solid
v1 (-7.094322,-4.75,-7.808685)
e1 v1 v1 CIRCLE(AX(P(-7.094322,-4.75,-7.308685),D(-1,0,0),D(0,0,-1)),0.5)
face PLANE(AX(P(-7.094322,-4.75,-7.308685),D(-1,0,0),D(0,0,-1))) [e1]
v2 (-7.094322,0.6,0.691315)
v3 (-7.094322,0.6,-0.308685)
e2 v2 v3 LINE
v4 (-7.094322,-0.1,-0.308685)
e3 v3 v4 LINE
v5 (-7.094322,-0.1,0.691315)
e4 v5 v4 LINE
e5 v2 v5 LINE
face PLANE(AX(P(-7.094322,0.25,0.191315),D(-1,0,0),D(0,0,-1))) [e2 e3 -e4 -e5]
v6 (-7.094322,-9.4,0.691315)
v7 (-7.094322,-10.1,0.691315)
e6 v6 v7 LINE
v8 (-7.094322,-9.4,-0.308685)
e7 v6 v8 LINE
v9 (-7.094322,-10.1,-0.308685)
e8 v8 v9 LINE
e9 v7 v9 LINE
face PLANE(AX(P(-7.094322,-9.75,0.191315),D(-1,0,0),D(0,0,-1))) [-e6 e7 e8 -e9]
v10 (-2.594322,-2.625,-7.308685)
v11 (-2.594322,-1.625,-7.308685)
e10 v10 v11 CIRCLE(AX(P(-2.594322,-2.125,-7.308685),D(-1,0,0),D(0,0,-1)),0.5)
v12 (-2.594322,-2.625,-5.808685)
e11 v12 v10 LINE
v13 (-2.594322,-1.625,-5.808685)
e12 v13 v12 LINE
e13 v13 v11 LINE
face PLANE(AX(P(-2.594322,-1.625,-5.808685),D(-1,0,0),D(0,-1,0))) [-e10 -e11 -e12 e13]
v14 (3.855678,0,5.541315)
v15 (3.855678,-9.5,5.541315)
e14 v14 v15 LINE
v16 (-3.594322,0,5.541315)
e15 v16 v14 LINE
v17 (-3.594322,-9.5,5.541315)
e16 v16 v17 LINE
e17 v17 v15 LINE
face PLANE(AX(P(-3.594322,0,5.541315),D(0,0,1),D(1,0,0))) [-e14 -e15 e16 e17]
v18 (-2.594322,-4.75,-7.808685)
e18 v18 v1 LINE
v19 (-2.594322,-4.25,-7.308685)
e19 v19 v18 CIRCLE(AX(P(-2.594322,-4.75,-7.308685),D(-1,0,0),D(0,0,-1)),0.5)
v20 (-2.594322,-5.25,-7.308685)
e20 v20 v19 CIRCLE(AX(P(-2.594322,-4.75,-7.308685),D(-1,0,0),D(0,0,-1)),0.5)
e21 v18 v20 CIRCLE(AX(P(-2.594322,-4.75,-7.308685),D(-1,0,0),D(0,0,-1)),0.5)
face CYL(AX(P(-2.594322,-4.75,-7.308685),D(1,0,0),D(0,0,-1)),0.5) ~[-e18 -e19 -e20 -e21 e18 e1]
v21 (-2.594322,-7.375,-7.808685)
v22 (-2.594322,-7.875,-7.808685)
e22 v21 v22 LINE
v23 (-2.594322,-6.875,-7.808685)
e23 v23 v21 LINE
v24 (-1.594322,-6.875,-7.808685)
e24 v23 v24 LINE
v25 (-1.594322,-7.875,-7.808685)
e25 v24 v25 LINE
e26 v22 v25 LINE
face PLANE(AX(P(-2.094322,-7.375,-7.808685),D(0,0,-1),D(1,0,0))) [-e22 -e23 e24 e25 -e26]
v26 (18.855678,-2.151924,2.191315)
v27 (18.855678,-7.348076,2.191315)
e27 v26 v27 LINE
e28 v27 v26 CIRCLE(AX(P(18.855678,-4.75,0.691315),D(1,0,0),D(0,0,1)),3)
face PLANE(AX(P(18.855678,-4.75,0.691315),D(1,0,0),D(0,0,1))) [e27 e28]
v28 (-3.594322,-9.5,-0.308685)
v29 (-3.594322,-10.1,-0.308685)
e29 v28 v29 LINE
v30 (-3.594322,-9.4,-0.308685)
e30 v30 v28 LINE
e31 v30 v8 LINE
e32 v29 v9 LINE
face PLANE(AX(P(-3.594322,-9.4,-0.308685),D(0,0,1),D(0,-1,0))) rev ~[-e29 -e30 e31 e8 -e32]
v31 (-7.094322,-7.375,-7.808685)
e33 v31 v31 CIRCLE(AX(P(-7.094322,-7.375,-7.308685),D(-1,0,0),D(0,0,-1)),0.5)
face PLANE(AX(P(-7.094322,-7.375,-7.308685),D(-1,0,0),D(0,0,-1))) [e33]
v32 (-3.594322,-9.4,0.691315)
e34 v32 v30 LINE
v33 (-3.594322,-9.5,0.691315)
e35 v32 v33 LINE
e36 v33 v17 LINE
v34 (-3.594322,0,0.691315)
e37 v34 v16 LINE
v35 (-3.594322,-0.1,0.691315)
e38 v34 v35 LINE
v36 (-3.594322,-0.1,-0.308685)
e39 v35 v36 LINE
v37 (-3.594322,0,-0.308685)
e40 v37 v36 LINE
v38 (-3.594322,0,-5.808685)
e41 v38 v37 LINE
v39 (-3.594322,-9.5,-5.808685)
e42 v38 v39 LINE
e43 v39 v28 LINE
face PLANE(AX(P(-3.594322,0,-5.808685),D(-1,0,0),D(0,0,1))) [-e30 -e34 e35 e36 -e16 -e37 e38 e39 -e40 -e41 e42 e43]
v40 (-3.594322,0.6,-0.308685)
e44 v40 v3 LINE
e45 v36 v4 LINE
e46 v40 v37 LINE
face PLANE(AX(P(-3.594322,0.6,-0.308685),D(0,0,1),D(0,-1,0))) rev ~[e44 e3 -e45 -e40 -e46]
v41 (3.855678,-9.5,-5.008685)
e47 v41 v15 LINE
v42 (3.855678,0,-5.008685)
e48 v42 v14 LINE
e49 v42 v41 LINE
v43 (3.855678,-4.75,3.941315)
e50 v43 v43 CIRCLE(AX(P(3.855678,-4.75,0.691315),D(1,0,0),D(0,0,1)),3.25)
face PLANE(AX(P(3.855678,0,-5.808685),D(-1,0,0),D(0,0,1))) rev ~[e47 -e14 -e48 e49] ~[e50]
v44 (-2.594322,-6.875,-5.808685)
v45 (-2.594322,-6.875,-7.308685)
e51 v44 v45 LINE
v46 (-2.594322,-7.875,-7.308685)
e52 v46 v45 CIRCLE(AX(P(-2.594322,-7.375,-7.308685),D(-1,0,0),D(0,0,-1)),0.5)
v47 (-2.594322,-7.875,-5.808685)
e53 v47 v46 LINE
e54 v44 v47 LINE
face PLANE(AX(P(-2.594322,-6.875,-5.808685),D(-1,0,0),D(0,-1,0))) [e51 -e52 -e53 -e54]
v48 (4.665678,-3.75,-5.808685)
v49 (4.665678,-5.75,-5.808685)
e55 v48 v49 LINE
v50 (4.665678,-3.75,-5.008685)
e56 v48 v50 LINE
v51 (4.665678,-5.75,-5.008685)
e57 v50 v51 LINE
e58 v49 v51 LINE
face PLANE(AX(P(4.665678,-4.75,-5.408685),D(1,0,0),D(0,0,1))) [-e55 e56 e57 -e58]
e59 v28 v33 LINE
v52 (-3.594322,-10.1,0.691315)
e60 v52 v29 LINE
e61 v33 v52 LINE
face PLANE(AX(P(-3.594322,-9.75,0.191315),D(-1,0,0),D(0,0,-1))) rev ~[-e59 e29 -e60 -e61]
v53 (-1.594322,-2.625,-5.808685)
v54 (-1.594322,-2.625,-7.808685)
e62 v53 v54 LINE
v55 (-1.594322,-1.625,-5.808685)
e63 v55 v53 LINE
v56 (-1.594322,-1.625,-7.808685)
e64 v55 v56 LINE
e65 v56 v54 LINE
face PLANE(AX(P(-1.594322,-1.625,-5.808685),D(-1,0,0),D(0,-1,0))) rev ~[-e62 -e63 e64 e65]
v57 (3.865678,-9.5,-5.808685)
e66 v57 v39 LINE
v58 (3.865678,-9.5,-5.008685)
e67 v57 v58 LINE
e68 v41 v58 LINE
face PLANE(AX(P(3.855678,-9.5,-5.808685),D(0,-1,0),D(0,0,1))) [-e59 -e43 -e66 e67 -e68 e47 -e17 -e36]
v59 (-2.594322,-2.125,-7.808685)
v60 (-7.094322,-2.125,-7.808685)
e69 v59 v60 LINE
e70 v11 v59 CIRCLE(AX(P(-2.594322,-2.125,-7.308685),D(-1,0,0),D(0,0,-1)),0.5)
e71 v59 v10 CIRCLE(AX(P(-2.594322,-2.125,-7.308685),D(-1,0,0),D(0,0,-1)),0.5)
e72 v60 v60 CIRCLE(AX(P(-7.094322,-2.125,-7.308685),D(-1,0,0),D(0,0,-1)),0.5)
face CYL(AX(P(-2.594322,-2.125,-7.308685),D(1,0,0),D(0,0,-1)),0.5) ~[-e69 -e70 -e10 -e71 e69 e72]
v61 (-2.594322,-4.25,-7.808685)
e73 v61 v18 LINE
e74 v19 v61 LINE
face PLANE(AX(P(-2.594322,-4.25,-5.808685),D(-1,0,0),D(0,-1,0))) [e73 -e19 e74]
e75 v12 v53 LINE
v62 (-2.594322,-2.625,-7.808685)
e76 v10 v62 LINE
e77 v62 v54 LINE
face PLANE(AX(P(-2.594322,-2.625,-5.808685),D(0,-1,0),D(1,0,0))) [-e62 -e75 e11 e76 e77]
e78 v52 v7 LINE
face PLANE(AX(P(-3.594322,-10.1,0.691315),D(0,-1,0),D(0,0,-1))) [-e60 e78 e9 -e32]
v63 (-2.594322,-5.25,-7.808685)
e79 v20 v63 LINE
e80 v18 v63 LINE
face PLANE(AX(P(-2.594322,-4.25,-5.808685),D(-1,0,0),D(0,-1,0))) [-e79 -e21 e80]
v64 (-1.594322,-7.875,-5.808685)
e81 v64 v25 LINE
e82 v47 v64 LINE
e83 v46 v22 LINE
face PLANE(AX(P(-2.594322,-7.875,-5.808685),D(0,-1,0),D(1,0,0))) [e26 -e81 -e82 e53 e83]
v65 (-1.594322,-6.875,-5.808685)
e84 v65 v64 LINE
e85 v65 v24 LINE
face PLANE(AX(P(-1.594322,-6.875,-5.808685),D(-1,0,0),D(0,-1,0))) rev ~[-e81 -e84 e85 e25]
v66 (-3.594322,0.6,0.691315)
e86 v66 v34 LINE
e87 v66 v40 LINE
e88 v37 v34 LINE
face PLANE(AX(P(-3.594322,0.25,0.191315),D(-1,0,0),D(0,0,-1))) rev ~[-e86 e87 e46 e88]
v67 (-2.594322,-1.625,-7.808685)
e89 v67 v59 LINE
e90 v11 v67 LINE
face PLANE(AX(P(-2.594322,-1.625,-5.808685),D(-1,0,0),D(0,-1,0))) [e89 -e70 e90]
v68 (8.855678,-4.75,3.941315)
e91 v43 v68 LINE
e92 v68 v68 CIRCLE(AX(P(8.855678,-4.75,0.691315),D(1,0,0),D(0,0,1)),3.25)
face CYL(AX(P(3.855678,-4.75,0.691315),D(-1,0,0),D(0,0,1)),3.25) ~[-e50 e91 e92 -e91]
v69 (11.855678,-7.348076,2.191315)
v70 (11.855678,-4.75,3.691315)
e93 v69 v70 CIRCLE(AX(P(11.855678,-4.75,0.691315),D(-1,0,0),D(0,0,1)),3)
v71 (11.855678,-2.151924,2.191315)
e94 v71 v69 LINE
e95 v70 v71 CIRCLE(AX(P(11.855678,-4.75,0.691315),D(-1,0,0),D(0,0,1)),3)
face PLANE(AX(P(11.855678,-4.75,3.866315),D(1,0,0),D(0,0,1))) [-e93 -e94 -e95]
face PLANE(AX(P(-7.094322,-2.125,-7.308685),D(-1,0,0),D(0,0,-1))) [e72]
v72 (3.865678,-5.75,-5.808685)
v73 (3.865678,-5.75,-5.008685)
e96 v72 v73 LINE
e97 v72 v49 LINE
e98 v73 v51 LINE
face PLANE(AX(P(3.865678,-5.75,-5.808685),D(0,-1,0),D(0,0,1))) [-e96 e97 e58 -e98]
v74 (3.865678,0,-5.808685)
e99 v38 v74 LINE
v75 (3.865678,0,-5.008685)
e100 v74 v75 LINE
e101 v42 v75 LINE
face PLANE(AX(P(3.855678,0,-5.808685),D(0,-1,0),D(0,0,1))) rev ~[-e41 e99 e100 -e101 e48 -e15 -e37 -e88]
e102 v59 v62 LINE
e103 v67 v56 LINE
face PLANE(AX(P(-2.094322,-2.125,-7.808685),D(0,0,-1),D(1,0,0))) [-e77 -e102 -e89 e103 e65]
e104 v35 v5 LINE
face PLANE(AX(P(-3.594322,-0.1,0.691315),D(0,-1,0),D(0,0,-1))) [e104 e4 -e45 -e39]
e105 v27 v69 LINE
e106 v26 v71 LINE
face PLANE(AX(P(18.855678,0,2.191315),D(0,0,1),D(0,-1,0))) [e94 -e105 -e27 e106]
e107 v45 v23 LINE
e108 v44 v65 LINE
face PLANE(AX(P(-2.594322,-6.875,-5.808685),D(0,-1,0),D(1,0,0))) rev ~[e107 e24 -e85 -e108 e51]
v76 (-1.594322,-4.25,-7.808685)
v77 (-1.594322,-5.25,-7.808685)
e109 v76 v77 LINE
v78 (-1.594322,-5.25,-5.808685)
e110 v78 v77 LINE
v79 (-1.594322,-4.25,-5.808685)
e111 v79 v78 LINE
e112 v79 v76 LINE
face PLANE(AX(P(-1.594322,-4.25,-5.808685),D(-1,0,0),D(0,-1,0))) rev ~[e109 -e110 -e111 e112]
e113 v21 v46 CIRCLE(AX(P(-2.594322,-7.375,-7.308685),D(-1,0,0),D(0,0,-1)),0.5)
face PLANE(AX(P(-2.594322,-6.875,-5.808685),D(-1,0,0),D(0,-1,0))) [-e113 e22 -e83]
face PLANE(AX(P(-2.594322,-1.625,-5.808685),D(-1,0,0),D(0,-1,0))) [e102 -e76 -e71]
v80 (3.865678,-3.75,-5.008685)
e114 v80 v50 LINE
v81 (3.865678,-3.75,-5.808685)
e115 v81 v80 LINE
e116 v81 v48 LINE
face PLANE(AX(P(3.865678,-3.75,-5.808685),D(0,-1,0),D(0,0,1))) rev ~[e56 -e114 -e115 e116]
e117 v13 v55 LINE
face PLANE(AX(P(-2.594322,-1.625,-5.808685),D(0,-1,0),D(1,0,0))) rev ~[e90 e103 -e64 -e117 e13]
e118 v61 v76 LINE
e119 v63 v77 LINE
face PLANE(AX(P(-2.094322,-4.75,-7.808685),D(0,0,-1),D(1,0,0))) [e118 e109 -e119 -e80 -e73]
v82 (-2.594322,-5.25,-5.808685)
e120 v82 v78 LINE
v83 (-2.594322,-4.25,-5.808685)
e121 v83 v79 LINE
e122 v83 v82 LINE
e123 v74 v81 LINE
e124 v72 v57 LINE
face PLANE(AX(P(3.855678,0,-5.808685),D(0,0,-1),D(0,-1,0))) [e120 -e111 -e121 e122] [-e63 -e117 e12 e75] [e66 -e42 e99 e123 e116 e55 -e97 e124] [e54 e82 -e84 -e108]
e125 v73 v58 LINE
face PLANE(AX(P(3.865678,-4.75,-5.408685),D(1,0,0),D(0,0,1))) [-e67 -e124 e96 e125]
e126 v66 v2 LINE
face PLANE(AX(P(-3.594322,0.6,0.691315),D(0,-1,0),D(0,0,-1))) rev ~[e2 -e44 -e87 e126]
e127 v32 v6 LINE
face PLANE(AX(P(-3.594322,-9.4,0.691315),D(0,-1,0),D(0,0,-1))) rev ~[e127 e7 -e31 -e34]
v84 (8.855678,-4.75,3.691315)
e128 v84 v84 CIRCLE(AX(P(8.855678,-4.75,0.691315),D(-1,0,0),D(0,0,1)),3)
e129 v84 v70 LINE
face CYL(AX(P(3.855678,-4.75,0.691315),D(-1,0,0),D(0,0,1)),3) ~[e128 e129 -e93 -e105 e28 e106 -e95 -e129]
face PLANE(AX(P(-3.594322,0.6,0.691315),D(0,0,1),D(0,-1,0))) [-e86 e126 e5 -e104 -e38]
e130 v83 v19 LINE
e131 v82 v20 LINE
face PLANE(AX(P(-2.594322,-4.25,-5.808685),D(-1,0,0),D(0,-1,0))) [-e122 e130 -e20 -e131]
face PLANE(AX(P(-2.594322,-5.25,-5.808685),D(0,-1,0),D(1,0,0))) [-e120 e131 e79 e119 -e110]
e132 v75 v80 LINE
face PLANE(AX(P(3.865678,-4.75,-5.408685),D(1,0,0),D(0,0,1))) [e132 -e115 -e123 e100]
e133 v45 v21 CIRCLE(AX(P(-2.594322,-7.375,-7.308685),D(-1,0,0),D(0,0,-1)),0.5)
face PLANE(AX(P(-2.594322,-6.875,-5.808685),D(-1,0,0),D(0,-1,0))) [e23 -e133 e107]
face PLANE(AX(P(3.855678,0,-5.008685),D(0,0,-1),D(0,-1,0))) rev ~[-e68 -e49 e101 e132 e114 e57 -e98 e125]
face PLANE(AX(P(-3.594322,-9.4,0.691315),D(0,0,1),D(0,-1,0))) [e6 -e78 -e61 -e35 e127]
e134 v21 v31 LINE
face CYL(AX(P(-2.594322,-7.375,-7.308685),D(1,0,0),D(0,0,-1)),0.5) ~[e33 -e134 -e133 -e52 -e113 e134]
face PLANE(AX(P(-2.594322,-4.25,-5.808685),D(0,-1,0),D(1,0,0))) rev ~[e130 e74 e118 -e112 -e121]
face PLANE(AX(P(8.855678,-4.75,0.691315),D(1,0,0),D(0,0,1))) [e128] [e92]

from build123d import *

# Parameters (mm, degrees)
SKETCH_W     = 7.45
SKETCH_H     = 11.35
PAD_DEPTH    = 9.5
SKETCH001_W  = 0.8
SKETCH001_H  = 9.5
PAD001_DEPTH = 0.01
SKETCH005_W  = 0.8
SKETCH005_H  = 2
PAD004_DEPTH = 0.8
SKETCH006_W  = 1
SKETCH006_H  = 0.7
PAD005_DEPTH = 3.5
SKETCH002_R  = 3
PAD002_DEPTH = 15
SKETCH003_W  = 3.35
SKETCH003_H  = 9.5
POCKET_DEPTH = 7
SKETCH004_R  = 3.25
PAD003_DEPTH = 5
SKETCH007_W  = 1
SKETCH007_H  = 1
PAD006_DEPTH = 2
SKETCH008_R  = 0.5
PAD007_DEPTH = 4.5


with BuildPart() as pad001:
    # Sketch → Pad (new body)
    with BuildSketch(Plane.XZ):
        with Locations((0.130678, -0.133685)):
            Rectangle(SKETCH_W, SKETCH_H)
    extrude(amount=PAD_DEPTH)

    # Sketch001 → Pad001 (new body)
    with BuildSketch(Plane(origin=(3.855678, 0, 0), x_dir=(0, 0, 1), z_dir=(1, 0, 0))):
        with Locations((-5.408685, 4.75)):
            Rectangle(SKETCH001_W, SKETCH001_H)
    extrude(amount=PAD001_DEPTH)


with BuildPart() as pad005:
    # Pad004 base: copy of Pad001
    add(pad001.part)

    # Sketch005 → Pad004 (new body)
    with BuildSketch(Plane(origin=(3.865678, 0, 0), x_dir=(0, 0, 1), z_dir=(1, 0, 0))):
        with Locations((-5.408685, 4.75)):
            Rectangle(SKETCH005_W, SKETCH005_H)
    extrude(amount=PAD004_DEPTH)

    # Sketch006 → Pad005 (new body)
    with BuildSketch(Plane(origin=(-3.594322, 0, 0), x_dir=(0, 0, -1), z_dir=(-1, 0, 0))):
        with Locations((-0.191315, 9.75)):
            Rectangle(SKETCH006_W, SKETCH006_H)
        with Locations((-0.191315, -0.25)):
            Rectangle(SKETCH006_W, SKETCH006_H)
    extrude(amount=PAD005_DEPTH)


with BuildPart() as fusion:
    # Pad002 base: copy of Pad001
    add(pad001.part)

    # Sketch002 → Pad002 (new body)
    with BuildSketch(Plane(origin=(3.855678, 0, 0), x_dir=(0, 0, 1), z_dir=(1, 0, 0))):
        with Locations((0.691315, 4.75)):
            Circle(SKETCH002_R)
    extrude(amount=PAD002_DEPTH)

    # Sketch003 → Pocket (cut)
    with BuildSketch(Plane(origin=(18.855678, 0, 0), x_dir=(0, 0, 1), z_dir=(1, 0, 0))):
        with Locations((3.866315, 4.75)):
            Rectangle(SKETCH003_W, SKETCH003_H)
    extrude(amount=-POCKET_DEPTH, mode=Mode.SUBTRACT)

    # Sketch004 → Pad003 (new body)
    with BuildSketch(Plane(origin=(3.855678, 0, 0), x_dir=(0, 0, 1), z_dir=(1, 0, 0))):
        with Locations((0.691315, 4.75)):
            Circle(SKETCH004_R)
    extrude(amount=PAD003_DEPTH)

    # Sketch007 → Pad006 (new body)
    with BuildSketch(Plane(origin=(0, 0, -5.808685), x_dir=(1, 0, 0), z_dir=(0, 0, -1))):
        with Locations((-2.094322, 7.375)):
            Rectangle(SKETCH007_W, SKETCH007_H)
        with Locations((-2.094322, 4.75)):
            Rectangle(SKETCH007_W, SKETCH007_H)
        with Locations((-2.094322, 2.125)):
            Rectangle(SKETCH007_W, SKETCH007_H)
    extrude(amount=PAD006_DEPTH)

    # Sketch008 → Pad007 (new body)
    with BuildSketch(Plane(origin=(-2.594322, 0, 0), x_dir=(0, 0, -1), z_dir=(-1, 0, 0))):
        with Locations((7.308685, 4.75)):
            Circle(SKETCH008_R)
        with Locations((7.308685, 7.375)):
            Circle(SKETCH008_R)
        with Locations((7.308685, 2.125)):
            Circle(SKETCH008_R)
    extrude(amount=PAD007_DEPTH)

    # Fusion: union Pad005
    add(pad005.part)


solid = fusion.part
